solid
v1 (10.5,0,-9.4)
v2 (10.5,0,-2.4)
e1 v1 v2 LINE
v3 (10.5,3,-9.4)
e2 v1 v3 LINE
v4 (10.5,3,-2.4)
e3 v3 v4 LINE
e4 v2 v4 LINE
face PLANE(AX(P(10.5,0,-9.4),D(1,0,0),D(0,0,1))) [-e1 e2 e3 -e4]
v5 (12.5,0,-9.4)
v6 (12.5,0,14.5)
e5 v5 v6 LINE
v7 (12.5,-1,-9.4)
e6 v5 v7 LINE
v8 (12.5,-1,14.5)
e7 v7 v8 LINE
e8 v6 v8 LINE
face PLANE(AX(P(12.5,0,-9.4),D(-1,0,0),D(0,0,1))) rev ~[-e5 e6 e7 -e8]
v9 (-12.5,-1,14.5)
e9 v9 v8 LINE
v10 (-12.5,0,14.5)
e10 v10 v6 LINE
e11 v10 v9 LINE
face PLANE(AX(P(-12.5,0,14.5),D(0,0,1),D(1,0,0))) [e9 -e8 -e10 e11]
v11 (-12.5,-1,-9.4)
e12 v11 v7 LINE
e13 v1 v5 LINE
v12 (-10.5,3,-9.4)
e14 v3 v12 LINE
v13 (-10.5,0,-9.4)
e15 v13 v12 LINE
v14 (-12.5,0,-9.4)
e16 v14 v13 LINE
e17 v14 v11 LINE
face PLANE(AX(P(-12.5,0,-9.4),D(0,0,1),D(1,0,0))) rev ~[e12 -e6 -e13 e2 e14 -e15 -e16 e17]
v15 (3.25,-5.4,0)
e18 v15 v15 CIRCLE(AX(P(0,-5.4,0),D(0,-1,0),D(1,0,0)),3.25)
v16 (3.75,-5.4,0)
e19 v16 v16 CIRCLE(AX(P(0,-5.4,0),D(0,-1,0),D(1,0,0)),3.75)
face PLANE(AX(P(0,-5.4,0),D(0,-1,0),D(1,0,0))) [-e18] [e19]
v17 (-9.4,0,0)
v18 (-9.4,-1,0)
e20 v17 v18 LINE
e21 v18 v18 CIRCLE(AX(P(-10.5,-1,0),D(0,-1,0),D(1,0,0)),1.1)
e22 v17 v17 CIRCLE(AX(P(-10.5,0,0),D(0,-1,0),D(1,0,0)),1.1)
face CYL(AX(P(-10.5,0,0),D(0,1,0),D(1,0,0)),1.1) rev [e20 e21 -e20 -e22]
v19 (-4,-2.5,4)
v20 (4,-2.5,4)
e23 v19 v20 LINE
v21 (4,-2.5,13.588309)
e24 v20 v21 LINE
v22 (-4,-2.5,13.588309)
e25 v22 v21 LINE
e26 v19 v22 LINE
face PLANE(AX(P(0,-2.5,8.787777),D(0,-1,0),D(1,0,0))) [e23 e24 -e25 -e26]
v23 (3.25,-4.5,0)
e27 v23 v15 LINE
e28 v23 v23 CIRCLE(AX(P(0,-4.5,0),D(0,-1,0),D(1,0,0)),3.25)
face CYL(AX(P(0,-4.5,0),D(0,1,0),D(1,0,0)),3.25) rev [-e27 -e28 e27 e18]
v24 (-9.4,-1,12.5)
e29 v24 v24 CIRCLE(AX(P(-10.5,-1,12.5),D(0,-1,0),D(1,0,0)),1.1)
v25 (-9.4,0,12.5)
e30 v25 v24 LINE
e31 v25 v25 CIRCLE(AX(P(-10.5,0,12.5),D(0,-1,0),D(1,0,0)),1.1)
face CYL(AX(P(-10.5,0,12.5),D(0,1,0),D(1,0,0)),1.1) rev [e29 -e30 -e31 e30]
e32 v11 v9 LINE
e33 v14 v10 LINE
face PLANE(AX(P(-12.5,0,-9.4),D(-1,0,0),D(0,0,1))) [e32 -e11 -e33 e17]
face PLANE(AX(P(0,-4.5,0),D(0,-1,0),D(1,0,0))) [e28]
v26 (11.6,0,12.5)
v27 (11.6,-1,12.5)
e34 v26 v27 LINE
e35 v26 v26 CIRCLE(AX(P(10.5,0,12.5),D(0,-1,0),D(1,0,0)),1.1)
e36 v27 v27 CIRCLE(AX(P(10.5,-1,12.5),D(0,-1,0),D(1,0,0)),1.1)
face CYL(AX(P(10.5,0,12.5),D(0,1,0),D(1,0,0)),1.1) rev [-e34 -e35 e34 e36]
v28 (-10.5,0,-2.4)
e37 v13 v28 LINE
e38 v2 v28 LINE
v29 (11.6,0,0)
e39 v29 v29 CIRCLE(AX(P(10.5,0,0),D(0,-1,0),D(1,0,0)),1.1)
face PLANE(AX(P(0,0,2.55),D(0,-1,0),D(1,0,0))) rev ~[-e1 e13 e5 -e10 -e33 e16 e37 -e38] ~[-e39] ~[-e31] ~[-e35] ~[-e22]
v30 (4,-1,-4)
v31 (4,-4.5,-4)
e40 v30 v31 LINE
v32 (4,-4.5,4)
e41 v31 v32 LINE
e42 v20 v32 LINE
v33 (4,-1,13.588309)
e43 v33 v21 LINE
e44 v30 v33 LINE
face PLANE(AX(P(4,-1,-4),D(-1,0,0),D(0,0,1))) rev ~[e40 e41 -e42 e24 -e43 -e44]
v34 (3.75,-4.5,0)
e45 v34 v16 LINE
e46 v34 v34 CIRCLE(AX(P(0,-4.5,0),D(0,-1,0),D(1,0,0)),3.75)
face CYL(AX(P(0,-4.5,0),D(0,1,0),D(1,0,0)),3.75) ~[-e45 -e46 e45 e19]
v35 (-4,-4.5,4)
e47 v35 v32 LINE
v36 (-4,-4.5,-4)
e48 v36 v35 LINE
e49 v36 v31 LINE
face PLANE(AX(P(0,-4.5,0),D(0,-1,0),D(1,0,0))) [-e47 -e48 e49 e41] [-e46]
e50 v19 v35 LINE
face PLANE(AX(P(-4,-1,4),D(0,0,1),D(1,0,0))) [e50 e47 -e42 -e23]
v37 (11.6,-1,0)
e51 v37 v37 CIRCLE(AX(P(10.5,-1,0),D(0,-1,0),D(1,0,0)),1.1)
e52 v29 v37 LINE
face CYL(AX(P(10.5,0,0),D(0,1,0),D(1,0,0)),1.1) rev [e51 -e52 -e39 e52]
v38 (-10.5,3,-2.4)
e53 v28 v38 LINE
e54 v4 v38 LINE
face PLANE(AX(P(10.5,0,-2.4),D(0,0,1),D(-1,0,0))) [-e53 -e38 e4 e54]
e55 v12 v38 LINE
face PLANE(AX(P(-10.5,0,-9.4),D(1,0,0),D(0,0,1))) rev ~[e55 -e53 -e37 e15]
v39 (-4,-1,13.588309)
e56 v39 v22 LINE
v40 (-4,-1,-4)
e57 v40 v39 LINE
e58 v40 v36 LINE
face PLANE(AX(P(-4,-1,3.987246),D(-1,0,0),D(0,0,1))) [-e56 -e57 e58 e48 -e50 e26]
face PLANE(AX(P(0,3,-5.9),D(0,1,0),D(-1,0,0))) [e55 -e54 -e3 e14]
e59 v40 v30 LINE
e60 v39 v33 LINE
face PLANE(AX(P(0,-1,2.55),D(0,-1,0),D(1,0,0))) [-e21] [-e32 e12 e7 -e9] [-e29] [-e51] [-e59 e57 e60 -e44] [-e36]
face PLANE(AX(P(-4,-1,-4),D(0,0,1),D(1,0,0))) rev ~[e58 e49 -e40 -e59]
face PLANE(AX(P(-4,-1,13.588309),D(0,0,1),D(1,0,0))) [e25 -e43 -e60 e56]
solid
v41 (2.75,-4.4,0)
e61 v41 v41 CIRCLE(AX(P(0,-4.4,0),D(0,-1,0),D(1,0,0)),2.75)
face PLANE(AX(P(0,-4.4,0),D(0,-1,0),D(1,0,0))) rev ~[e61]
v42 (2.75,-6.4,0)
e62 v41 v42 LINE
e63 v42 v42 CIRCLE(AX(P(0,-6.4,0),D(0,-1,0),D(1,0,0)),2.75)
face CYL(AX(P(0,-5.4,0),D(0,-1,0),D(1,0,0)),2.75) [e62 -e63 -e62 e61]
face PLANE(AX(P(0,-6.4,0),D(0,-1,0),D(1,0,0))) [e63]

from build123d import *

# Parameters (mm, degrees)
F0_W          = 25
F0_H          = 23.9
F0_R          = 1.1
F1_DEPTH      = 1
F2_W          = 8
F2_H          = 8
F3_DEPTH      = 3.5
F4_R          = 3.75
F4_R_2        = 3.25
F5_DEPTH      = 0.9
F6_R          = 2.75
F7_DEPTH      = 1
F7_DEPTH_BACK = 1
F8_W          = 8
F8_H          = 9.601063
F9_DEPTH      = 1.5
F10_W         = 21
F10_H         = 7
F11_DEPTH     = 3


with BuildPart() as f1:
    # F0 (on Front) → F1 (new body)
    with BuildSketch(Plane.XZ):
        with Locations((0, 2.55)):
            Rectangle(F0_W, F0_H)
        with Locations((-10.5, 0)):
            Circle(F0_R, mode=Mode.SUBTRACT)
        with Locations((10.5, 0)):
            Circle(F0_R, mode=Mode.SUBTRACT)
        with Locations((-10.5, 12.5)):
            Circle(F0_R, mode=Mode.SUBTRACT)
        with Locations((10.5, 12.5)):
            Circle(F0_R, mode=Mode.SUBTRACT)
    extrude(amount=F1_DEPTH)

    # F2 (on face) → F3 (join)
    with BuildSketch(Plane.XZ.offset(1)):
        Rectangle(F2_W, F2_H)
    extrude(amount=F3_DEPTH)

    # F4 (on face) → F5 (join)
    with BuildSketch(Plane.XZ.offset(4.5)):
        Circle(F4_R)
        Circle(F4_R_2, mode=Mode.SUBTRACT)
    extrude(amount=F5_DEPTH)

    # F8 (on face) → F9 (join)
    with BuildSketch(Plane.XZ.offset(1)):
        with Locations((0, 8.787777)):
            Rectangle(F8_W, F8_H)
    extrude(amount=F9_DEPTH)

    # F10 (on face) → F11 (join)
    with BuildSketch(Plane(origin=(0, 0, 0), x_dir=(-1, 0, 0), z_dir=(0, 1, 0))):
        with Locations((0, -5.9)):
            Rectangle(F10_W, F10_H)
    extrude(amount=F11_DEPTH)


with BuildPart() as f7:
    # F6 (on face) → F7 (new body, two sides)
    with BuildSketch(Plane.XZ.offset(5.4)) as f7_sk:
        Circle(F6_R)
    extrude(amount=F7_DEPTH)
    extrude(f7_sk.sketch, amount=-F7_DEPTH_BACK)


solid = Compound([f1.part, f7.part])
